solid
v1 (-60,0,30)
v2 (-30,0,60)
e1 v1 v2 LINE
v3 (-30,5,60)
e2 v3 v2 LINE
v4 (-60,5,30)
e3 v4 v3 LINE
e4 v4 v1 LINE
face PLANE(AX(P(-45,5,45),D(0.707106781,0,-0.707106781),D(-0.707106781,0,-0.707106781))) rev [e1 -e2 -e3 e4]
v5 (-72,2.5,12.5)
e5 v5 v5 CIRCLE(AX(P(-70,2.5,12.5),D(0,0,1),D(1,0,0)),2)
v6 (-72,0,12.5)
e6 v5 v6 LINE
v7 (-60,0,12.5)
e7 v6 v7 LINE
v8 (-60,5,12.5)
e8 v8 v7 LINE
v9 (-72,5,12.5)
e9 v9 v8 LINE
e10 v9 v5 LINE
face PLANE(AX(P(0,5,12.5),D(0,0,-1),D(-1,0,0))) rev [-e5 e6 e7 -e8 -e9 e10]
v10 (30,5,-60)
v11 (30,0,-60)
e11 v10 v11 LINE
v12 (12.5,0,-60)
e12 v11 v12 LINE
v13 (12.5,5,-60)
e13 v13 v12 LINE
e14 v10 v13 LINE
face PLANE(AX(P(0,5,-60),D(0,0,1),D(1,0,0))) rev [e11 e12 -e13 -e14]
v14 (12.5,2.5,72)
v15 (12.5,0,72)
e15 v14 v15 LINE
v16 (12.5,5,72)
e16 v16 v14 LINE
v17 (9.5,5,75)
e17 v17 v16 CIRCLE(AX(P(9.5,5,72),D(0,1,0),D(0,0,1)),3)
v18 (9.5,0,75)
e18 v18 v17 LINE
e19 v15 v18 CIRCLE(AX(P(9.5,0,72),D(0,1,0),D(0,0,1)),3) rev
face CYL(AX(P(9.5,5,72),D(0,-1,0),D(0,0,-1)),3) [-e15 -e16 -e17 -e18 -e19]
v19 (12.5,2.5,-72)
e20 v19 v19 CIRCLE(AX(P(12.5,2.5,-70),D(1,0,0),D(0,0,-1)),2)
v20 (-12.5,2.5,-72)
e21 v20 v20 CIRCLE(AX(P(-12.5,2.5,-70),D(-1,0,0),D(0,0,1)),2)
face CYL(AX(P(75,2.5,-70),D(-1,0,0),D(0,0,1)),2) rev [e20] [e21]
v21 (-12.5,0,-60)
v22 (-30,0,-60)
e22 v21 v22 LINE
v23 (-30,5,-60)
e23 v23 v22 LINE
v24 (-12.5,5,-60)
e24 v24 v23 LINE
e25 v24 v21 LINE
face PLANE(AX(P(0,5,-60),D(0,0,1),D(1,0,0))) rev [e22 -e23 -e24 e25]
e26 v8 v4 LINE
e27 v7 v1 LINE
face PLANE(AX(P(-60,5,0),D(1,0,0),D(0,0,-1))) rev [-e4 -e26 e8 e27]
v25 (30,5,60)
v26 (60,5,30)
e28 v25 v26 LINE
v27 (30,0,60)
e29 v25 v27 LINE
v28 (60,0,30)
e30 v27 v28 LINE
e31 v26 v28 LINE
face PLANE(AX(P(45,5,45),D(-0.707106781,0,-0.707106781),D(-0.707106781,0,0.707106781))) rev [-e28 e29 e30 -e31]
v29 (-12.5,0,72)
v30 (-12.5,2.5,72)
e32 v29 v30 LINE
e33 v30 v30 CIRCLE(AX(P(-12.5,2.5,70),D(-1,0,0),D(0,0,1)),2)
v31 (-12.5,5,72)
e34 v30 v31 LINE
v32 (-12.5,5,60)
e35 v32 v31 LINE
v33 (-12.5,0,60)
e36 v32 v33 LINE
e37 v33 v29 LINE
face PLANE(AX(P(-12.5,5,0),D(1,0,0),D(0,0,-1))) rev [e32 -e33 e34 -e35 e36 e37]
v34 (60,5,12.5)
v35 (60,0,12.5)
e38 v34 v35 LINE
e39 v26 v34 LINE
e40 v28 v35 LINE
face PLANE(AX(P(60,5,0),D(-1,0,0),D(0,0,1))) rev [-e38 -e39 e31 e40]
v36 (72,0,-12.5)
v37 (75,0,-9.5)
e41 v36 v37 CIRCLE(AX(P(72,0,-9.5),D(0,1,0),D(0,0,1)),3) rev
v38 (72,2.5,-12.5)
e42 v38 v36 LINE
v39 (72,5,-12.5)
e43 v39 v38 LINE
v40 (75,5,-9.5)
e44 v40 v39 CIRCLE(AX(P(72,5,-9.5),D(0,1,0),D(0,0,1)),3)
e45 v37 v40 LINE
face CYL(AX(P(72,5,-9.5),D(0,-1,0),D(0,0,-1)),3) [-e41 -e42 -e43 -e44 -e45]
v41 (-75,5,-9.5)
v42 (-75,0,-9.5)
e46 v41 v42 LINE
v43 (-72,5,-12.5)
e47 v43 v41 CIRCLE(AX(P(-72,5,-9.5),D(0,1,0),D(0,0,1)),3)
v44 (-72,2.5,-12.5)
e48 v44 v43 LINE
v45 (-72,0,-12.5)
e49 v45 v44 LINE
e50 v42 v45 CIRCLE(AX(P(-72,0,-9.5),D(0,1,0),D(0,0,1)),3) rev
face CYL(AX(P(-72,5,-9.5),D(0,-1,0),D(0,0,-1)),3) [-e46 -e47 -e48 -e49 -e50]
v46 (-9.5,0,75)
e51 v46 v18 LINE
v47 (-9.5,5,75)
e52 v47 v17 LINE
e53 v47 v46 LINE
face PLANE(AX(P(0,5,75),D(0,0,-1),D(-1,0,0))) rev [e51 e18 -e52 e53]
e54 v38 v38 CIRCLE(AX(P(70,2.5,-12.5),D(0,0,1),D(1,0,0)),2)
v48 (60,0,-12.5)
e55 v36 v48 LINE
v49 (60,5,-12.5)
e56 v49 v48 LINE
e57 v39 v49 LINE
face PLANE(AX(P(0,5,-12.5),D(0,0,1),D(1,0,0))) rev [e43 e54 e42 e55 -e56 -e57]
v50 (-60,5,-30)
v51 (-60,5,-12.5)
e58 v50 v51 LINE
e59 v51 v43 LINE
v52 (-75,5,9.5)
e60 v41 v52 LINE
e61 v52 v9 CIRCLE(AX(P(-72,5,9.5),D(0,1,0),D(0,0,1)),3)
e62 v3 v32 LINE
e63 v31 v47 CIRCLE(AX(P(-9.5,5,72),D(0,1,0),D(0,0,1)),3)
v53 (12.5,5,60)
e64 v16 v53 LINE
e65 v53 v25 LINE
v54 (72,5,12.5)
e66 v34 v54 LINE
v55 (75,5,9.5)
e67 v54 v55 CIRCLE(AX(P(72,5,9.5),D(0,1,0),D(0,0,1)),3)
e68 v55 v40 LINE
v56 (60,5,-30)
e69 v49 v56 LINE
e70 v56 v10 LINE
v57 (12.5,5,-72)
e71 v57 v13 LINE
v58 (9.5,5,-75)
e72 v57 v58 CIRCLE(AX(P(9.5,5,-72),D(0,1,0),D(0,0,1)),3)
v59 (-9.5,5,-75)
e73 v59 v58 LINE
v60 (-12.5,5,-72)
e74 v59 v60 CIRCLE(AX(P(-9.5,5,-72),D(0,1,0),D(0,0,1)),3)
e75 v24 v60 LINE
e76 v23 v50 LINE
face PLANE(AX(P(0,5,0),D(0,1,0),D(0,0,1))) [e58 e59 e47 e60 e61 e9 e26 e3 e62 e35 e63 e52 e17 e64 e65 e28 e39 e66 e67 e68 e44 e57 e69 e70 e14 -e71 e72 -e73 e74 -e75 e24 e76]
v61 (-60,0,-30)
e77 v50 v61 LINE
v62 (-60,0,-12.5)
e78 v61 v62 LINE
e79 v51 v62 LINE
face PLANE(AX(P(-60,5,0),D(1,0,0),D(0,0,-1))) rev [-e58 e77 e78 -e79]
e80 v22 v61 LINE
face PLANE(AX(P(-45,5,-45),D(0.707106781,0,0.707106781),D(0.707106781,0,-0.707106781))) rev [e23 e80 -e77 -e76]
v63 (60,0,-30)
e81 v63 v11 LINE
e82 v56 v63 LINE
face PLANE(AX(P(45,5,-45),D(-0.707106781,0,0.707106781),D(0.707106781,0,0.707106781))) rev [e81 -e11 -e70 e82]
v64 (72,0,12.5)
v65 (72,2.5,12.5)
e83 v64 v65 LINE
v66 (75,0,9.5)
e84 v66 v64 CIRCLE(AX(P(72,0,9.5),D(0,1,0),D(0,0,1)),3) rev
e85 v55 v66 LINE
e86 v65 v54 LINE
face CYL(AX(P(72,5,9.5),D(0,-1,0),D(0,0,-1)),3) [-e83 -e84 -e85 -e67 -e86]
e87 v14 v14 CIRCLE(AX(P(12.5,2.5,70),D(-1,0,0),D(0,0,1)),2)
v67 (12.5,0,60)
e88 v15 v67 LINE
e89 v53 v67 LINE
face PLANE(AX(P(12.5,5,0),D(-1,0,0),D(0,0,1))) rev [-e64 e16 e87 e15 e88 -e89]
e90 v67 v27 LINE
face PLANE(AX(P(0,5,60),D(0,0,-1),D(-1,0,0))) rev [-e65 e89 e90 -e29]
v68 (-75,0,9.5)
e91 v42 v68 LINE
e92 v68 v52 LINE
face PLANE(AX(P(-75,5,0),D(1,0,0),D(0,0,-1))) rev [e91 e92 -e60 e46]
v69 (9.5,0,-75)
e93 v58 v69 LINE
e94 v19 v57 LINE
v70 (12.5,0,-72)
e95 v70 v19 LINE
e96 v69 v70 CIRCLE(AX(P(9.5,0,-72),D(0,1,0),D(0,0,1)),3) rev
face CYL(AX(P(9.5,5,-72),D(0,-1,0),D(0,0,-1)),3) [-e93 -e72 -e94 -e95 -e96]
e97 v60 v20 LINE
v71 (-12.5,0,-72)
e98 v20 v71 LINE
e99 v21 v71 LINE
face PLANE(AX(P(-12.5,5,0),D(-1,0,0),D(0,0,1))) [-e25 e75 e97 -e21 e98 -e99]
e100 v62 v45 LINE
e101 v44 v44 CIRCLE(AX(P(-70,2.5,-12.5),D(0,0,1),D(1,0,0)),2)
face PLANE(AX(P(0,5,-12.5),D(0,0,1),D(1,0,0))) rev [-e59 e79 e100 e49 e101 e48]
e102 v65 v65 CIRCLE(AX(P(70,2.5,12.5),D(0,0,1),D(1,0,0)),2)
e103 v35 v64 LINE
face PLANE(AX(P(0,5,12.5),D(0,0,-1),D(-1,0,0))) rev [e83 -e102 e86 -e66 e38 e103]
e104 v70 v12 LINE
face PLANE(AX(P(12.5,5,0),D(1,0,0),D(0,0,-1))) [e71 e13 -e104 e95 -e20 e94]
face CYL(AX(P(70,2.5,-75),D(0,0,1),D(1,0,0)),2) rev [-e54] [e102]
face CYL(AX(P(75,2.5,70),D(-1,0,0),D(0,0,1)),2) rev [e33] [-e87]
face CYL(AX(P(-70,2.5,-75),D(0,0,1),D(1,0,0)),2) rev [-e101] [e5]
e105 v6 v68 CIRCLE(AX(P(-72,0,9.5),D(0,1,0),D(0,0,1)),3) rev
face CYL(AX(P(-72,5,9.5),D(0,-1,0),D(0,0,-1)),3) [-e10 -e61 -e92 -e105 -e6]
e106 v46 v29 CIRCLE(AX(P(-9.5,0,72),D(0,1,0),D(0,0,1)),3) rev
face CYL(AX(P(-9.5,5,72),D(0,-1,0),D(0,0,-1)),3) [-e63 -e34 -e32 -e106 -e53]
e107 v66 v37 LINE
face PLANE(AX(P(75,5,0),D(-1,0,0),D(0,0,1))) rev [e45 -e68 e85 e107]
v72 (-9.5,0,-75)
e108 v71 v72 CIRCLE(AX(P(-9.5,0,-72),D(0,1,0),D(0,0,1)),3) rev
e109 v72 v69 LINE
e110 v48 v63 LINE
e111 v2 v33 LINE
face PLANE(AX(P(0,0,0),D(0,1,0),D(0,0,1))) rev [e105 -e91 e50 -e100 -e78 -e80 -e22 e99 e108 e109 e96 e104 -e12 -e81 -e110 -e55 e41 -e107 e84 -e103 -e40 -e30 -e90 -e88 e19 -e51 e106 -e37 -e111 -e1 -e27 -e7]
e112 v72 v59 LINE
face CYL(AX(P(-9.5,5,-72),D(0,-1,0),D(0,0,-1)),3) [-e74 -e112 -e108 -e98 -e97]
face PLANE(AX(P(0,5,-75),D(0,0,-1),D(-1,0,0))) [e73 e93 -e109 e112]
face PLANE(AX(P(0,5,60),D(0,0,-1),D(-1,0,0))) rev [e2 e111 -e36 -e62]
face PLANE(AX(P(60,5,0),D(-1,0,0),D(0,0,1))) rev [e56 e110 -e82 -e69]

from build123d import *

# Parameters (mm, degrees)
EXTRUDE_1_DEPTH     = 5
FILLET_1_R          = 3
SKETCH_11_R         = 2
CUT_EXTRUDE_6_DEPTH = 88.5
SKETCH_12_R         = 2
CUT_EXTRUDE_7_DEPTH = 88.5


with BuildPart() as part:
    # 스케치1 → 보스-돌출1 (new body)
    with BuildSketch(Plane(origin=(0, 0, 0), x_dir=(1, 0, 0), z_dir=(0, 1, 0))):
        Polygon((-60, -30), (-30, -60), (-12.5, -60), (-12.5, -75), (12.5, -75), (12.5, -60), (30, -60), (60, -30), (60, -12.5), (75, -12.5), (75, 12.5), (60, 12.5), (60, 30), (30, 60), (12.5, 60), (12.5, 75), (-12.5, 75), (-12.5, 60), (-30, 60), (-60, 30), (-60, 12.5), (-75, 12.5), (-75, -12.5), (-60, -12.5), align=None)
    extrude(amount=EXTRUDE_1_DEPTH)

    # 필렛1
    fillet_1_edges = [part.edges().sort_by_distance(p)[0] for p in [
        (-12.5, 2.5, -75),
        (12.5, 2.5, -75),
        (75, 2.5, -12.5),
        (75, 2.5, 12.5),
        (12.5, 2.5, 75),
        (-12.5, 2.5, 75),
        (-75, 2.5, 12.5),
        (-75, 2.5, -12.5),
    ]]
    fillet(fillet_1_edges, radius=FILLET_1_R)

    # 스케치11 → 컷-돌출6 (cut, through all)
    with BuildSketch(Plane.XY.offset(12.5)):
        with Locations((-70, 2.5)):
            Circle(SKETCH_11_R)
        with Locations((70, 2.5)):
            Circle(SKETCH_11_R)
    extrude(amount=-CUT_EXTRUDE_6_DEPTH, mode=Mode.SUBTRACT)

    # 스케치12 → 컷-돌출7 (cut, through all)
    with BuildSketch(Plane.ZY.offset(12.5)):
        with Locations((-70, 2.5)):
            Circle(SKETCH_12_R)
        with Locations((70, 2.5)):
            Circle(SKETCH_12_R)
    extrude(amount=-CUT_EXTRUDE_7_DEPTH, mode=Mode.SUBTRACT)


solid = part.part
